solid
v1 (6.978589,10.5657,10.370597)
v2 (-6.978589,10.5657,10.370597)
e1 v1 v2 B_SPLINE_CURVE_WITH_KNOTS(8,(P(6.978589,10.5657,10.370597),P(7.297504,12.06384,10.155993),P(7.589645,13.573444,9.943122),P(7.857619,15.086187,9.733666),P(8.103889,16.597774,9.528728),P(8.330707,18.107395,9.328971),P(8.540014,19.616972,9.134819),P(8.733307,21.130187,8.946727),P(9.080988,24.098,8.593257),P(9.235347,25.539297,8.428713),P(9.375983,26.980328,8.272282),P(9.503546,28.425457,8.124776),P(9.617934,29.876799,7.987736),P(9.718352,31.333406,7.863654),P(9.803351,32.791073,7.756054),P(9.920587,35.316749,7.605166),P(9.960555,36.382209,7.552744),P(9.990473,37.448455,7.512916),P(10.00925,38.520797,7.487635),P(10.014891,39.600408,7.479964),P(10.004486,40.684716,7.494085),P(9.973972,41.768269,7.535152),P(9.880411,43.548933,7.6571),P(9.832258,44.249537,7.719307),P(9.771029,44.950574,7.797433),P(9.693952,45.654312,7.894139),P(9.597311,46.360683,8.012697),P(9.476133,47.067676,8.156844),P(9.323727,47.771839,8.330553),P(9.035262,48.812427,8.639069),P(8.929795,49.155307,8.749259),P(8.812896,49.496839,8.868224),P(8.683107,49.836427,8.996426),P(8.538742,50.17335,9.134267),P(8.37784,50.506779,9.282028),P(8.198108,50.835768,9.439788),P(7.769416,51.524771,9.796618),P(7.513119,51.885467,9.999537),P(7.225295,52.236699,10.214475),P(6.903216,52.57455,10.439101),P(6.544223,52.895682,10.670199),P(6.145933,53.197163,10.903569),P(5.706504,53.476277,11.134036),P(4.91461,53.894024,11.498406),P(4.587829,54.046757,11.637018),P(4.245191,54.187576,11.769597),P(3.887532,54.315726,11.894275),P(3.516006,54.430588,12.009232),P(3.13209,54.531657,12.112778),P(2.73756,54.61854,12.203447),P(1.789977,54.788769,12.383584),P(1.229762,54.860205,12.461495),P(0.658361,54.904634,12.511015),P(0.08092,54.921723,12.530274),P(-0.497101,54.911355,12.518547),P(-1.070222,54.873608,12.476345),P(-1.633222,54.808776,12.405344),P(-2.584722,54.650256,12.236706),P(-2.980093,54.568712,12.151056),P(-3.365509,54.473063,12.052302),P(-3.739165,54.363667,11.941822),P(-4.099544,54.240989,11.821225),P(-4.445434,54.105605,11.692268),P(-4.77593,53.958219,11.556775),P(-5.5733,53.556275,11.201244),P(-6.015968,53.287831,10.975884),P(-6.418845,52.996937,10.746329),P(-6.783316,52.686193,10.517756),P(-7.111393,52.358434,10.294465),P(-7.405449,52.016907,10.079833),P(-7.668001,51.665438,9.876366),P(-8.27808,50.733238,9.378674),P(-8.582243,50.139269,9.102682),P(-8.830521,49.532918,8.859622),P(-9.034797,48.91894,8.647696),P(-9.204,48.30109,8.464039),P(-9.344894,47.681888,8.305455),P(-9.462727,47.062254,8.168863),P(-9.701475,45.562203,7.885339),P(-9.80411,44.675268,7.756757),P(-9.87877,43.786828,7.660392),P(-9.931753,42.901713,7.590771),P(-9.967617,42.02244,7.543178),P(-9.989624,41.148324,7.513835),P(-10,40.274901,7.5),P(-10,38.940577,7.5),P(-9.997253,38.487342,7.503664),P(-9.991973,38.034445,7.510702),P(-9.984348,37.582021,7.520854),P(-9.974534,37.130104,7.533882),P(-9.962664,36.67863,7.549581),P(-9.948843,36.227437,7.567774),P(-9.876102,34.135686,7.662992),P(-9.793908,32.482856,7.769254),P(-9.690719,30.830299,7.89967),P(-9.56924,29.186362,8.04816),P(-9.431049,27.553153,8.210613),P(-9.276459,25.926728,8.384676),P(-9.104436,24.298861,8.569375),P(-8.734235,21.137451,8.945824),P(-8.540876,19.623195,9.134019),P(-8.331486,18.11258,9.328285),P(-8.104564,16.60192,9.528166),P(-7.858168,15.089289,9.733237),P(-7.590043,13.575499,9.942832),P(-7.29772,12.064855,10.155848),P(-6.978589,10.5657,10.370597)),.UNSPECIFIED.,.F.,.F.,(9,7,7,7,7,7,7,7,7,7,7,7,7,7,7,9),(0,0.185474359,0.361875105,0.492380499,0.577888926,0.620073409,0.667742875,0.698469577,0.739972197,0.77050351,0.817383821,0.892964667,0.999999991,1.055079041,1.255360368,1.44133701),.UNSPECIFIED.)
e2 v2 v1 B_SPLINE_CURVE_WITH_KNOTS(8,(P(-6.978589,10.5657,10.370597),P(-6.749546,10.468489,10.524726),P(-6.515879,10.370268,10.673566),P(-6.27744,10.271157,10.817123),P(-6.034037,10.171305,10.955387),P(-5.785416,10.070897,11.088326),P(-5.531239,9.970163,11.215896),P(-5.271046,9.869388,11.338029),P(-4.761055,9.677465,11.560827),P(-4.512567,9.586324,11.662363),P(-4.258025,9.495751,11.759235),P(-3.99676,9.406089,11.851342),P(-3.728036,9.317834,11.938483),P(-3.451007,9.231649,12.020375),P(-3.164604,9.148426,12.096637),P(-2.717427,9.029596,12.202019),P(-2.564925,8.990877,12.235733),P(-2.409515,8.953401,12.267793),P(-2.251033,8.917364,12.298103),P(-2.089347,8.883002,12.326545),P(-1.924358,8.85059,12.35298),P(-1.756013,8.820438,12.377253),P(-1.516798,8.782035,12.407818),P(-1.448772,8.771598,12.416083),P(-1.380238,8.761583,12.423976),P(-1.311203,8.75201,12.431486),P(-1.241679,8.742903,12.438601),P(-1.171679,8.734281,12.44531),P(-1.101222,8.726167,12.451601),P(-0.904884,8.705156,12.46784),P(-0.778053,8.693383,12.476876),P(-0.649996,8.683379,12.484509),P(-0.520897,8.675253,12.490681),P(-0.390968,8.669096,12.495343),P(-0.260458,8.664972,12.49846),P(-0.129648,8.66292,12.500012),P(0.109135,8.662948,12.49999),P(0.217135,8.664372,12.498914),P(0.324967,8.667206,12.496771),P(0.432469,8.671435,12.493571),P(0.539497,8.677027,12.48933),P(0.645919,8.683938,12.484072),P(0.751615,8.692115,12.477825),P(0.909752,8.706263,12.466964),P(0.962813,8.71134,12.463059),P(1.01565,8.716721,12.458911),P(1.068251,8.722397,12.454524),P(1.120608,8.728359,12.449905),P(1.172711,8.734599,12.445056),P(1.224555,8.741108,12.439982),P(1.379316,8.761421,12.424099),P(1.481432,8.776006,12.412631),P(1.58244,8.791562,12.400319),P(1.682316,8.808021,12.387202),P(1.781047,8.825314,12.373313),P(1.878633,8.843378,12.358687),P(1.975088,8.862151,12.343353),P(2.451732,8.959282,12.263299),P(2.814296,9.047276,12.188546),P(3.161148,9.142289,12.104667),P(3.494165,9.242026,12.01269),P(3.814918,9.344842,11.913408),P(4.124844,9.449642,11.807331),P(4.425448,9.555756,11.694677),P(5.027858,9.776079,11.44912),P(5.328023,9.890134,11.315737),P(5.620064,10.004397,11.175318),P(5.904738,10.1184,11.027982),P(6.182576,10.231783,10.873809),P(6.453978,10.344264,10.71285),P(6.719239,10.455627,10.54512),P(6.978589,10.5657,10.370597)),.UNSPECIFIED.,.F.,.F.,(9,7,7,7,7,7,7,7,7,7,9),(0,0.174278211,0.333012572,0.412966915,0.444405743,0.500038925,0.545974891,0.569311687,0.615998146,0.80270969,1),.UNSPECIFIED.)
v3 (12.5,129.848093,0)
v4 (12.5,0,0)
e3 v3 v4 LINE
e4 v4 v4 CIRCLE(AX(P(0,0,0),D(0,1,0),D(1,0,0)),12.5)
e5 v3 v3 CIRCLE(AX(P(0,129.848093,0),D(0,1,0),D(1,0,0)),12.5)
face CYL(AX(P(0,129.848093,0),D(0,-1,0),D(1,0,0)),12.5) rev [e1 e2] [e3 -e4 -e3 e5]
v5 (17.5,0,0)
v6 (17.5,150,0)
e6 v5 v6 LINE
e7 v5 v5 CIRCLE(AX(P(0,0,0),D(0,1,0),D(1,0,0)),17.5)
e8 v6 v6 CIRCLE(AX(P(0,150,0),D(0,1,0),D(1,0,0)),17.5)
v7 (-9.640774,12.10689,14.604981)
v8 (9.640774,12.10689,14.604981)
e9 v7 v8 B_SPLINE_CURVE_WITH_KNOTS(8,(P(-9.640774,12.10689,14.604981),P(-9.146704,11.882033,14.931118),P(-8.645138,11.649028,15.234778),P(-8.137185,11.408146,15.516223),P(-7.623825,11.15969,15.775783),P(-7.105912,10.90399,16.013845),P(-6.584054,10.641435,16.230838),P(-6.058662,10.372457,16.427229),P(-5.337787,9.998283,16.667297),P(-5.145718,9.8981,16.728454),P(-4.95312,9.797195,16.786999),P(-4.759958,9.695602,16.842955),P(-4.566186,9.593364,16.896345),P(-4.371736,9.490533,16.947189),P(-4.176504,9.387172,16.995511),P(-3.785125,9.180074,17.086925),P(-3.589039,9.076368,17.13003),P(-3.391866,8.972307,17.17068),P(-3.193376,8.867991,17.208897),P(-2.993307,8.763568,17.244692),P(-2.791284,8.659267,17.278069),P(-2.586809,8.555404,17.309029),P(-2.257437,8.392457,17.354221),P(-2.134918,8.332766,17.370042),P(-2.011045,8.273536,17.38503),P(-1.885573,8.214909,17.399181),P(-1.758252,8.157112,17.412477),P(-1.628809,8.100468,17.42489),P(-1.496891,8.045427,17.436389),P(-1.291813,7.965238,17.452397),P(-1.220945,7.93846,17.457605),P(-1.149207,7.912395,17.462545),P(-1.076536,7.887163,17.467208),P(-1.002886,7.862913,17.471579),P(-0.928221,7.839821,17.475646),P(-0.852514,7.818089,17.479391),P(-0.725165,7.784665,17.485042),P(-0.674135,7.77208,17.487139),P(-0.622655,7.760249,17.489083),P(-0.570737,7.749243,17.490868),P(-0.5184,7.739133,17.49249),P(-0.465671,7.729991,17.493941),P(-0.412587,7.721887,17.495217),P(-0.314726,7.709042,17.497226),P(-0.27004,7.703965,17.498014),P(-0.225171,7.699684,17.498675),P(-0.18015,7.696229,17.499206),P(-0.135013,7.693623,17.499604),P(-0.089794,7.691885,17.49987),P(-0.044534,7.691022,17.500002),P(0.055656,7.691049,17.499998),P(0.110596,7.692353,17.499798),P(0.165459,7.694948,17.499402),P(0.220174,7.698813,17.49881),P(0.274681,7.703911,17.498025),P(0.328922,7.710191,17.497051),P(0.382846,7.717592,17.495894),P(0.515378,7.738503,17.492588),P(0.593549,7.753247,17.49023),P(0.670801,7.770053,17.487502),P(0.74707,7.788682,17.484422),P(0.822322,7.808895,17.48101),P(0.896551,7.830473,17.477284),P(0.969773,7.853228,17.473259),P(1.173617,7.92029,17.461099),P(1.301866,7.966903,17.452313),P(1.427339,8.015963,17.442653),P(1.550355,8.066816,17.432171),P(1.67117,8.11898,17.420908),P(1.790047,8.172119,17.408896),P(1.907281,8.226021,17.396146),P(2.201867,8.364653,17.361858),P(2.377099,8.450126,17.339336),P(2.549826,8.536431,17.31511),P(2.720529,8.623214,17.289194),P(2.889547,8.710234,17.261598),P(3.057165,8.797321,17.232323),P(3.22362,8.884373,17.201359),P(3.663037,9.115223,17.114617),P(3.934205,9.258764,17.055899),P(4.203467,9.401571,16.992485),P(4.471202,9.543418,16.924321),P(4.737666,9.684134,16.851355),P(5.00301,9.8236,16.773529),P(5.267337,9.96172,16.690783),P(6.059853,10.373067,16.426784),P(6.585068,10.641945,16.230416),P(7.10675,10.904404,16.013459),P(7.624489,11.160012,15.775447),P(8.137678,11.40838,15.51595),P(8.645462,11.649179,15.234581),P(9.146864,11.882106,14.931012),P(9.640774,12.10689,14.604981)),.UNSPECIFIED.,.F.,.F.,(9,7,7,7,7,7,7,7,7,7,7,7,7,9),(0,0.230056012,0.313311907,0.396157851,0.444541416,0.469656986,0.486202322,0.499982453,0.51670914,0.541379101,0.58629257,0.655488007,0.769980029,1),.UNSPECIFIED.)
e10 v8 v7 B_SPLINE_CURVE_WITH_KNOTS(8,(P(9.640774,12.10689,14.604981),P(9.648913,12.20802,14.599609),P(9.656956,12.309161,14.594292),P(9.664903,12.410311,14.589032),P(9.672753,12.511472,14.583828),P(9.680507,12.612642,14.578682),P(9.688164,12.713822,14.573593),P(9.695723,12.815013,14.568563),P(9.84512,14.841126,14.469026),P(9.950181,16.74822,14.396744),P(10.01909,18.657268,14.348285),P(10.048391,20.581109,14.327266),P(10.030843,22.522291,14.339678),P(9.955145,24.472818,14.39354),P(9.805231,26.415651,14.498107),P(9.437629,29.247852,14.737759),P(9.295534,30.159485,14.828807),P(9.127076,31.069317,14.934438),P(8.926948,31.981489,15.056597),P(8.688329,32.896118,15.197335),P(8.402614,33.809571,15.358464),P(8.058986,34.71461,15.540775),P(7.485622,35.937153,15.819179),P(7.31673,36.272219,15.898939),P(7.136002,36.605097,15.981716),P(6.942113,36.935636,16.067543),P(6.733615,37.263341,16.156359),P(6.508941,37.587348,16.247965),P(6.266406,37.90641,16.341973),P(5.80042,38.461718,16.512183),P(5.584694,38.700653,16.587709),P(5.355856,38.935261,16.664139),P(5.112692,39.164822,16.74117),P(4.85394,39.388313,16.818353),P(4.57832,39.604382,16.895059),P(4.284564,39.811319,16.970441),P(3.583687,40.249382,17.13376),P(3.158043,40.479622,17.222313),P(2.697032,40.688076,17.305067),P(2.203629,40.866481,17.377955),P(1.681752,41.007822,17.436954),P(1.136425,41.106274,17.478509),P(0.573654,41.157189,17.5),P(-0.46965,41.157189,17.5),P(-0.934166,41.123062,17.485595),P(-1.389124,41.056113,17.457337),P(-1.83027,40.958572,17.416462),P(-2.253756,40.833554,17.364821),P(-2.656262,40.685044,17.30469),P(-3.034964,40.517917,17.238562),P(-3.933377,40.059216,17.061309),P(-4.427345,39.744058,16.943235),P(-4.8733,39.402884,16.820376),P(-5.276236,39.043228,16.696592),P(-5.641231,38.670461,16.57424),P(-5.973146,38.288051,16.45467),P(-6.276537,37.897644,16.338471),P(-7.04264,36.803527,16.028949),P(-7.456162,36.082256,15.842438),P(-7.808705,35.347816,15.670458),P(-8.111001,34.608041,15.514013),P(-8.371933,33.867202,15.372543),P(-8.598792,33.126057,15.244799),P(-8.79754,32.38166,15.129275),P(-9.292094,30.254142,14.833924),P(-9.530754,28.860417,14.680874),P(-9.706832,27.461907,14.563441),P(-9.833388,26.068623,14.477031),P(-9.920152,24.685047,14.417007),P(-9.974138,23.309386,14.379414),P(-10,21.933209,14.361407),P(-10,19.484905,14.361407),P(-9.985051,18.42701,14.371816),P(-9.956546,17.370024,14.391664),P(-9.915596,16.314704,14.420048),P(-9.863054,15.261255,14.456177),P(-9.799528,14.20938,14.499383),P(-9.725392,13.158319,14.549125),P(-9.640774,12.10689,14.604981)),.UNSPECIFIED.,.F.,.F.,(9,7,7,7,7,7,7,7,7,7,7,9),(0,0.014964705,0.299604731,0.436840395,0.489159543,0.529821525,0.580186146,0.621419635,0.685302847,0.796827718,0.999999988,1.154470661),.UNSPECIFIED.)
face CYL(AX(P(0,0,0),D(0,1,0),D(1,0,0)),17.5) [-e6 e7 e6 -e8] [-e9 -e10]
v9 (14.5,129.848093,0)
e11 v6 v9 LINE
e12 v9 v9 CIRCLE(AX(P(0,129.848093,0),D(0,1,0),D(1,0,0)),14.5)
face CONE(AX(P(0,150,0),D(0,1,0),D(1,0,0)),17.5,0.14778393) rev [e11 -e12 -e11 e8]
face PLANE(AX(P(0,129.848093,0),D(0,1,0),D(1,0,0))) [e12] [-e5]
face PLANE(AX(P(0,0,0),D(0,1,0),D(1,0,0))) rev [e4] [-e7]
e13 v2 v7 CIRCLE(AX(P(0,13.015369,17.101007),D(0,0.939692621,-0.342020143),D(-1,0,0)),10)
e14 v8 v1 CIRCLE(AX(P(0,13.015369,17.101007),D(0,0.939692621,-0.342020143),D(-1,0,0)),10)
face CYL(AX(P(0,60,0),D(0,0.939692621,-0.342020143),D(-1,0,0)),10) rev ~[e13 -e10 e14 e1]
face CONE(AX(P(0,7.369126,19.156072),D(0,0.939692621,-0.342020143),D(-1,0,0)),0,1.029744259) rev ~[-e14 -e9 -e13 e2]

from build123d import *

# Parameters (mm, degrees)
F5_D     = 20
F5_DEPTH = 50
F5_TIP   = 6.0086061903


with BuildPart() as f1:
    # F0 (on Top) → F1 (revolve)
    with BuildSketch(Plane.XY):
        Polygon((12.5, 129.8480927944), (12.5, 0), (17.5, 0), (17.5, 60), (17.5, 150), (14.5, 129.8480927944), align=None)
    revolve(axis=Axis((0, 75, 0), (0, 1, 0)))

    # F5 (one way)
    with BuildSketch(Plane(origin=(0, 52.9813332936, -19.2836282906), x_dir=(-1, 0, 0), z_dir=(0, 0.9396926208, -0.3420201433))):
        with Locations((0, 20.5212085995)):
            Circle(F5_D / 2)
    extrude(amount=-F5_DEPTH, mode=Mode.SUBTRACT)
    with Locations(Plane(origin=(0, 52.9813332936, -19.2836282906), x_dir=(-1, 0, 0), z_dir=(0, 0.9396926208, -0.3420201433))):
        with Locations((0, 20.5212085995)):
            with Locations((0, 0, -(F5_DEPTH + F5_TIP / 2))):  # 118° drill point
                Cone(0, F5_D / 2, F5_TIP, mode=Mode.SUBTRACT)


solid = f1.part
